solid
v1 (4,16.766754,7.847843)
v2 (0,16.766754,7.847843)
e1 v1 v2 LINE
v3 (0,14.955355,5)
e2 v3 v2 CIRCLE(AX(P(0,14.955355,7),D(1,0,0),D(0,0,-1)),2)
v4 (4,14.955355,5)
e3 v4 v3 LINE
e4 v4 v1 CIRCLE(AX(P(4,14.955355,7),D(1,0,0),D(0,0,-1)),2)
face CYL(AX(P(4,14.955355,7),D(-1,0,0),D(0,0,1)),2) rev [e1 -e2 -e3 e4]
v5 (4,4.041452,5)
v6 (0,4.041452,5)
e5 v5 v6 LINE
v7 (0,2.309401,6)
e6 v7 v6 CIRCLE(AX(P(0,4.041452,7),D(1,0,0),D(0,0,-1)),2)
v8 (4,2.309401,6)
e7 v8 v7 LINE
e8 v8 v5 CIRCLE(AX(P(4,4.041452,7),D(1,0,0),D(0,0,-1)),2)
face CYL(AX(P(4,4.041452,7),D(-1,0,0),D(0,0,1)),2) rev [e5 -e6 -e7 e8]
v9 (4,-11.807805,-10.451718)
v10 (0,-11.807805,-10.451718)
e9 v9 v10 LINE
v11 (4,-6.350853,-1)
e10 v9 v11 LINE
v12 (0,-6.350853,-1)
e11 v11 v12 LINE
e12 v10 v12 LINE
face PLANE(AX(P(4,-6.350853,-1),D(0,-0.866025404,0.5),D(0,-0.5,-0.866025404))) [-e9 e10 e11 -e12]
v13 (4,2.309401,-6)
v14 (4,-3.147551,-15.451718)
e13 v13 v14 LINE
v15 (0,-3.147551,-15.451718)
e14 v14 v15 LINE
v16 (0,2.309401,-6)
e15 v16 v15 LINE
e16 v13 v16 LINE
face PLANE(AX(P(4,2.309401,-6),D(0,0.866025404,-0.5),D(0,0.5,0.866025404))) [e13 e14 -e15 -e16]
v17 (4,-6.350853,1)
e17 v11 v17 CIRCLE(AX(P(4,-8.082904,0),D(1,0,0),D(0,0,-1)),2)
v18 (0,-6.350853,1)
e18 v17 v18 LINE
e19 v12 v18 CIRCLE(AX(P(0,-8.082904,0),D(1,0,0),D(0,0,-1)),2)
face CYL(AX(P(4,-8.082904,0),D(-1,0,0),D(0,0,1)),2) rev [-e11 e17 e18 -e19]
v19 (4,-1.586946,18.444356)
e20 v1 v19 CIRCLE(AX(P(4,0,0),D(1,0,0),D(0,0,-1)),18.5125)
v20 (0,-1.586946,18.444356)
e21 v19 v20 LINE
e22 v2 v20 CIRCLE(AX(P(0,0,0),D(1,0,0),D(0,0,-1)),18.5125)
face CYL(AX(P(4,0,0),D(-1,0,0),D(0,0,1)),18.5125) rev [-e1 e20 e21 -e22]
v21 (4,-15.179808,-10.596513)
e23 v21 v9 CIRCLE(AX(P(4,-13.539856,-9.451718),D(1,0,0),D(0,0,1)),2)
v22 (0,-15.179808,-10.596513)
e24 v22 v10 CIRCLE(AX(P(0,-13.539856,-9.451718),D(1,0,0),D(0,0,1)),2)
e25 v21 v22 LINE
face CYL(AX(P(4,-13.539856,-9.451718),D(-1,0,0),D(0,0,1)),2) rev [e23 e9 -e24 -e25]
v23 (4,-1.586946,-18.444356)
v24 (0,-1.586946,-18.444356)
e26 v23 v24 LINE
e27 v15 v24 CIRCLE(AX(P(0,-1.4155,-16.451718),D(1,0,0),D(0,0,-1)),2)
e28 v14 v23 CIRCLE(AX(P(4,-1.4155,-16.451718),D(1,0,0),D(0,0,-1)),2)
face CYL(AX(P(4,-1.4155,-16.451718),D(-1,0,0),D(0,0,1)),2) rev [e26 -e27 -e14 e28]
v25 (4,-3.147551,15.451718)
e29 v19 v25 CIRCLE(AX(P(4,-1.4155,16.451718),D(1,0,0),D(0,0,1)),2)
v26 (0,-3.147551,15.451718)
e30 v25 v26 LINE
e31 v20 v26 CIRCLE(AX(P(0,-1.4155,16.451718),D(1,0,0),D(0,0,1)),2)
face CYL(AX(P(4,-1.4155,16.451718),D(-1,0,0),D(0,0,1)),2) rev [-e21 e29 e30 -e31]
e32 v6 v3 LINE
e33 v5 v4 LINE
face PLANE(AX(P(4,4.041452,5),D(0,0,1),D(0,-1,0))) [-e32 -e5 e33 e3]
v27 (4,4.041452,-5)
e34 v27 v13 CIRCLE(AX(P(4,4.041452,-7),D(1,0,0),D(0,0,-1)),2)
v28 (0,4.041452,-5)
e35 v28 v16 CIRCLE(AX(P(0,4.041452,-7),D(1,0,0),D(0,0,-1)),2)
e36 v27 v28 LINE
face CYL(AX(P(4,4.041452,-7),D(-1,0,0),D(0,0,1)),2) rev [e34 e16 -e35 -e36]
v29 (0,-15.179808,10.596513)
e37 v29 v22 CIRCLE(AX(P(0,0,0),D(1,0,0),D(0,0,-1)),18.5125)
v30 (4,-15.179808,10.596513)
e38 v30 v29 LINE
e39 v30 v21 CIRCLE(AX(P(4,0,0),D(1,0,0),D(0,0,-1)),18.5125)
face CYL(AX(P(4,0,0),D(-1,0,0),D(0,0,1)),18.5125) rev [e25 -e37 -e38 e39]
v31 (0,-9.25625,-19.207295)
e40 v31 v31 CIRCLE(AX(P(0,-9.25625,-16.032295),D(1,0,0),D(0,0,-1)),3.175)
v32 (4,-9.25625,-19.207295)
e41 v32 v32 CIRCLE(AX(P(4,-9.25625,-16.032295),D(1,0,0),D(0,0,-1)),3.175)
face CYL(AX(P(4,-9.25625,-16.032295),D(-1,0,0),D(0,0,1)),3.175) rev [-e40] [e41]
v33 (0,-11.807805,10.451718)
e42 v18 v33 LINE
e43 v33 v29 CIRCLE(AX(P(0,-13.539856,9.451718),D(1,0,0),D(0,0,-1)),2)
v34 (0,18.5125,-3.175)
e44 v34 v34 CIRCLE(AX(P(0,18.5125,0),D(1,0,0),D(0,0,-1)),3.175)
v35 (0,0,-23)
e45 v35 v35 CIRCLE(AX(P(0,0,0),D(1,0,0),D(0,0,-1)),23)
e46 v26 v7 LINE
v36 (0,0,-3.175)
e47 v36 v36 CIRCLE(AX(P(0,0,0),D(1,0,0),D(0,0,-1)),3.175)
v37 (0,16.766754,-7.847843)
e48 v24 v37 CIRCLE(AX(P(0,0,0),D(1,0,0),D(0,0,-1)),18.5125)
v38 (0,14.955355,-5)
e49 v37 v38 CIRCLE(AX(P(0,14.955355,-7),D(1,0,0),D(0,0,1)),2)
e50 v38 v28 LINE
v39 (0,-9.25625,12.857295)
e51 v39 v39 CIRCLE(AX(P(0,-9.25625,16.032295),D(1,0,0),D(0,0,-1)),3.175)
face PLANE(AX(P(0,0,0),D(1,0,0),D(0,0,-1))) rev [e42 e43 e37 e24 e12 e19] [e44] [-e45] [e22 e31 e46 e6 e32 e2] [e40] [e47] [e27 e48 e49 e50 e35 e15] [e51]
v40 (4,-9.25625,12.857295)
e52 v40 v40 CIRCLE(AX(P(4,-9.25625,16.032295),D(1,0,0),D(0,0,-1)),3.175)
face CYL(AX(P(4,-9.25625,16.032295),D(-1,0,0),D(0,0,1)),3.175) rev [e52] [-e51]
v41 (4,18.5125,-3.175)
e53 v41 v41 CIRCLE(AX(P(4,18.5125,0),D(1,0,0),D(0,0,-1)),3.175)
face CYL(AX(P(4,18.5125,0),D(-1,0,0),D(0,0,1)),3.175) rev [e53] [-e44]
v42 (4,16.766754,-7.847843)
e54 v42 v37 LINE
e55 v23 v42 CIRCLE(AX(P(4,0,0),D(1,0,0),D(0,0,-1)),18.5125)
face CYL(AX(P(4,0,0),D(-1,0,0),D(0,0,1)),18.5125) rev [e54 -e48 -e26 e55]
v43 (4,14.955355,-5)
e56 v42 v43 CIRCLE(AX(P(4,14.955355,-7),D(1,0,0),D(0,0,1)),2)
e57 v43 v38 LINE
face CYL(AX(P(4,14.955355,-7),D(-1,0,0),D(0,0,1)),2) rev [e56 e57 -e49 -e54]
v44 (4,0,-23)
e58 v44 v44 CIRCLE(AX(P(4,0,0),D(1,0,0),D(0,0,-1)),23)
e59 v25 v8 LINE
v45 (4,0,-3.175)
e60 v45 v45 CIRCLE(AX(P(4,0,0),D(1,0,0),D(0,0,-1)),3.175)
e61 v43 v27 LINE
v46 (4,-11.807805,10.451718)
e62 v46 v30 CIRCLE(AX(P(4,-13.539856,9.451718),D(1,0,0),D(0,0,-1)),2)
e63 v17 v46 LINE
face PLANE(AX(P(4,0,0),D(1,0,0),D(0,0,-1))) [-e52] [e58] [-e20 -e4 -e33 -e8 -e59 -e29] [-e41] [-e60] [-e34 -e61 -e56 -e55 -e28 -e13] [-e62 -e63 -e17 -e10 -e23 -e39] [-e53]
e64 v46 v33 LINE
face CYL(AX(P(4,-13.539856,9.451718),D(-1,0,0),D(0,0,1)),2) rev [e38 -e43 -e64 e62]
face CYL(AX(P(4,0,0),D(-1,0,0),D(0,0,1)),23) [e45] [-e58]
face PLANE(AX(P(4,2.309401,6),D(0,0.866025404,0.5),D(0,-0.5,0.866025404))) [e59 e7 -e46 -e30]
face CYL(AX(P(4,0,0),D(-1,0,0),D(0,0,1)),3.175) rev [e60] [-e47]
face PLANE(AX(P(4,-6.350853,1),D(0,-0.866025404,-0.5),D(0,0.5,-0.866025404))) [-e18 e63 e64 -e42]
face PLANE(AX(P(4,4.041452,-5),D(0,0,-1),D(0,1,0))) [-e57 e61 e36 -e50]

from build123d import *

# Parameters (mm, degrees)
SKETCH1_R           = 23
SKETCH1_R_2         = 3.175
BOSS_EXTRUDE1_DEPTH = 4


with BuildPart() as part:
    # Sketch1 → Boss-Extrude1 (new body)
    with BuildSketch(Plane(origin=(0, 0, 0), x_dir=(0, 0, -1), z_dir=(1, 0, 0))):
        Circle(SKETCH1_R)
        Circle(SKETCH1_R_2, mode=Mode.SUBTRACT)
        with Locations((0, 18.5125)):
            Circle(SKETCH1_R_2, mode=Mode.SUBTRACT)
        with Locations((16.032295288, -9.25625)):
            Circle(SKETCH1_R_2, mode=Mode.SUBTRACT)
        with Locations((-16.032295288, -9.25625)):
            Circle(SKETCH1_R_2, mode=Mode.SUBTRACT)
        with BuildLine():
            Line((6, 2.309401077), (15.451717731, -3.1475507))
            ThreePointArc((15.451717731, -3.1475507), (17.376490414, -3.188857015), (18.444355761, -1.586945753))
            ThreePointArc((18.444355761, -1.586945753), (16.032295288, 9.25625), (7.847842544, 16.766753522))
            ThreePointArc((7.847842544, 16.766753522), (5.926614023, 16.642910634), (5, 14.955355437))
            Line((5, 14.955355437), (5, 4.041451884))
            ThreePointArc((5, 4.041451884), (5.267949192, 3.041451884), (6, 2.309401077))
        make_face(mode=Mode.SUBTRACT)
        with BuildLine():
            Line((-5, 4.041451884), (-5, 14.955355437))
            ThreePointArc((-5, 14.955355437), (-5.926614023, 16.642910634), (-7.847842544, 16.766753522))
            ThreePointArc((-7.847842544, 16.766753522), (-16.032295288, 9.25625), (-18.444355761, -1.586945753))
            ThreePointArc((-18.444355761, -1.586945753), (-17.376490414, -3.188857015), (-15.451717731, -3.1475507))
            Line((-15.451717731, -3.1475507), (-6, 2.309401077))
            ThreePointArc((-6, 2.309401077), (-5.267949192, 3.041451884), (-5, 4.041451884))
        make_face(mode=Mode.SUBTRACT)
        with BuildLine():
            Line((-1, -6.350852961), (-10.451717731, -11.807804737))
            ThreePointArc((-10.451717731, -11.807804737), (-11.449876391, -13.454053619), (-10.596513217, -15.179807769))
            ThreePointArc((-10.596513217, -15.179807769), (0, -18.5125), (10.596513217, -15.179807769))
            ThreePointArc((10.596513217, -15.179807769), (11.449876391, -13.454053619), (10.451717731, -11.807804737))
            Line((10.451717731, -11.807804737), (1, -6.350852961))
            ThreePointArc((1, -6.350852961), (0, -6.082903769), (-1, -6.350852961))
        make_face(mode=Mode.SUBTRACT)
    extrude(amount=BOSS_EXTRUDE1_DEPTH)


solid = part.part
